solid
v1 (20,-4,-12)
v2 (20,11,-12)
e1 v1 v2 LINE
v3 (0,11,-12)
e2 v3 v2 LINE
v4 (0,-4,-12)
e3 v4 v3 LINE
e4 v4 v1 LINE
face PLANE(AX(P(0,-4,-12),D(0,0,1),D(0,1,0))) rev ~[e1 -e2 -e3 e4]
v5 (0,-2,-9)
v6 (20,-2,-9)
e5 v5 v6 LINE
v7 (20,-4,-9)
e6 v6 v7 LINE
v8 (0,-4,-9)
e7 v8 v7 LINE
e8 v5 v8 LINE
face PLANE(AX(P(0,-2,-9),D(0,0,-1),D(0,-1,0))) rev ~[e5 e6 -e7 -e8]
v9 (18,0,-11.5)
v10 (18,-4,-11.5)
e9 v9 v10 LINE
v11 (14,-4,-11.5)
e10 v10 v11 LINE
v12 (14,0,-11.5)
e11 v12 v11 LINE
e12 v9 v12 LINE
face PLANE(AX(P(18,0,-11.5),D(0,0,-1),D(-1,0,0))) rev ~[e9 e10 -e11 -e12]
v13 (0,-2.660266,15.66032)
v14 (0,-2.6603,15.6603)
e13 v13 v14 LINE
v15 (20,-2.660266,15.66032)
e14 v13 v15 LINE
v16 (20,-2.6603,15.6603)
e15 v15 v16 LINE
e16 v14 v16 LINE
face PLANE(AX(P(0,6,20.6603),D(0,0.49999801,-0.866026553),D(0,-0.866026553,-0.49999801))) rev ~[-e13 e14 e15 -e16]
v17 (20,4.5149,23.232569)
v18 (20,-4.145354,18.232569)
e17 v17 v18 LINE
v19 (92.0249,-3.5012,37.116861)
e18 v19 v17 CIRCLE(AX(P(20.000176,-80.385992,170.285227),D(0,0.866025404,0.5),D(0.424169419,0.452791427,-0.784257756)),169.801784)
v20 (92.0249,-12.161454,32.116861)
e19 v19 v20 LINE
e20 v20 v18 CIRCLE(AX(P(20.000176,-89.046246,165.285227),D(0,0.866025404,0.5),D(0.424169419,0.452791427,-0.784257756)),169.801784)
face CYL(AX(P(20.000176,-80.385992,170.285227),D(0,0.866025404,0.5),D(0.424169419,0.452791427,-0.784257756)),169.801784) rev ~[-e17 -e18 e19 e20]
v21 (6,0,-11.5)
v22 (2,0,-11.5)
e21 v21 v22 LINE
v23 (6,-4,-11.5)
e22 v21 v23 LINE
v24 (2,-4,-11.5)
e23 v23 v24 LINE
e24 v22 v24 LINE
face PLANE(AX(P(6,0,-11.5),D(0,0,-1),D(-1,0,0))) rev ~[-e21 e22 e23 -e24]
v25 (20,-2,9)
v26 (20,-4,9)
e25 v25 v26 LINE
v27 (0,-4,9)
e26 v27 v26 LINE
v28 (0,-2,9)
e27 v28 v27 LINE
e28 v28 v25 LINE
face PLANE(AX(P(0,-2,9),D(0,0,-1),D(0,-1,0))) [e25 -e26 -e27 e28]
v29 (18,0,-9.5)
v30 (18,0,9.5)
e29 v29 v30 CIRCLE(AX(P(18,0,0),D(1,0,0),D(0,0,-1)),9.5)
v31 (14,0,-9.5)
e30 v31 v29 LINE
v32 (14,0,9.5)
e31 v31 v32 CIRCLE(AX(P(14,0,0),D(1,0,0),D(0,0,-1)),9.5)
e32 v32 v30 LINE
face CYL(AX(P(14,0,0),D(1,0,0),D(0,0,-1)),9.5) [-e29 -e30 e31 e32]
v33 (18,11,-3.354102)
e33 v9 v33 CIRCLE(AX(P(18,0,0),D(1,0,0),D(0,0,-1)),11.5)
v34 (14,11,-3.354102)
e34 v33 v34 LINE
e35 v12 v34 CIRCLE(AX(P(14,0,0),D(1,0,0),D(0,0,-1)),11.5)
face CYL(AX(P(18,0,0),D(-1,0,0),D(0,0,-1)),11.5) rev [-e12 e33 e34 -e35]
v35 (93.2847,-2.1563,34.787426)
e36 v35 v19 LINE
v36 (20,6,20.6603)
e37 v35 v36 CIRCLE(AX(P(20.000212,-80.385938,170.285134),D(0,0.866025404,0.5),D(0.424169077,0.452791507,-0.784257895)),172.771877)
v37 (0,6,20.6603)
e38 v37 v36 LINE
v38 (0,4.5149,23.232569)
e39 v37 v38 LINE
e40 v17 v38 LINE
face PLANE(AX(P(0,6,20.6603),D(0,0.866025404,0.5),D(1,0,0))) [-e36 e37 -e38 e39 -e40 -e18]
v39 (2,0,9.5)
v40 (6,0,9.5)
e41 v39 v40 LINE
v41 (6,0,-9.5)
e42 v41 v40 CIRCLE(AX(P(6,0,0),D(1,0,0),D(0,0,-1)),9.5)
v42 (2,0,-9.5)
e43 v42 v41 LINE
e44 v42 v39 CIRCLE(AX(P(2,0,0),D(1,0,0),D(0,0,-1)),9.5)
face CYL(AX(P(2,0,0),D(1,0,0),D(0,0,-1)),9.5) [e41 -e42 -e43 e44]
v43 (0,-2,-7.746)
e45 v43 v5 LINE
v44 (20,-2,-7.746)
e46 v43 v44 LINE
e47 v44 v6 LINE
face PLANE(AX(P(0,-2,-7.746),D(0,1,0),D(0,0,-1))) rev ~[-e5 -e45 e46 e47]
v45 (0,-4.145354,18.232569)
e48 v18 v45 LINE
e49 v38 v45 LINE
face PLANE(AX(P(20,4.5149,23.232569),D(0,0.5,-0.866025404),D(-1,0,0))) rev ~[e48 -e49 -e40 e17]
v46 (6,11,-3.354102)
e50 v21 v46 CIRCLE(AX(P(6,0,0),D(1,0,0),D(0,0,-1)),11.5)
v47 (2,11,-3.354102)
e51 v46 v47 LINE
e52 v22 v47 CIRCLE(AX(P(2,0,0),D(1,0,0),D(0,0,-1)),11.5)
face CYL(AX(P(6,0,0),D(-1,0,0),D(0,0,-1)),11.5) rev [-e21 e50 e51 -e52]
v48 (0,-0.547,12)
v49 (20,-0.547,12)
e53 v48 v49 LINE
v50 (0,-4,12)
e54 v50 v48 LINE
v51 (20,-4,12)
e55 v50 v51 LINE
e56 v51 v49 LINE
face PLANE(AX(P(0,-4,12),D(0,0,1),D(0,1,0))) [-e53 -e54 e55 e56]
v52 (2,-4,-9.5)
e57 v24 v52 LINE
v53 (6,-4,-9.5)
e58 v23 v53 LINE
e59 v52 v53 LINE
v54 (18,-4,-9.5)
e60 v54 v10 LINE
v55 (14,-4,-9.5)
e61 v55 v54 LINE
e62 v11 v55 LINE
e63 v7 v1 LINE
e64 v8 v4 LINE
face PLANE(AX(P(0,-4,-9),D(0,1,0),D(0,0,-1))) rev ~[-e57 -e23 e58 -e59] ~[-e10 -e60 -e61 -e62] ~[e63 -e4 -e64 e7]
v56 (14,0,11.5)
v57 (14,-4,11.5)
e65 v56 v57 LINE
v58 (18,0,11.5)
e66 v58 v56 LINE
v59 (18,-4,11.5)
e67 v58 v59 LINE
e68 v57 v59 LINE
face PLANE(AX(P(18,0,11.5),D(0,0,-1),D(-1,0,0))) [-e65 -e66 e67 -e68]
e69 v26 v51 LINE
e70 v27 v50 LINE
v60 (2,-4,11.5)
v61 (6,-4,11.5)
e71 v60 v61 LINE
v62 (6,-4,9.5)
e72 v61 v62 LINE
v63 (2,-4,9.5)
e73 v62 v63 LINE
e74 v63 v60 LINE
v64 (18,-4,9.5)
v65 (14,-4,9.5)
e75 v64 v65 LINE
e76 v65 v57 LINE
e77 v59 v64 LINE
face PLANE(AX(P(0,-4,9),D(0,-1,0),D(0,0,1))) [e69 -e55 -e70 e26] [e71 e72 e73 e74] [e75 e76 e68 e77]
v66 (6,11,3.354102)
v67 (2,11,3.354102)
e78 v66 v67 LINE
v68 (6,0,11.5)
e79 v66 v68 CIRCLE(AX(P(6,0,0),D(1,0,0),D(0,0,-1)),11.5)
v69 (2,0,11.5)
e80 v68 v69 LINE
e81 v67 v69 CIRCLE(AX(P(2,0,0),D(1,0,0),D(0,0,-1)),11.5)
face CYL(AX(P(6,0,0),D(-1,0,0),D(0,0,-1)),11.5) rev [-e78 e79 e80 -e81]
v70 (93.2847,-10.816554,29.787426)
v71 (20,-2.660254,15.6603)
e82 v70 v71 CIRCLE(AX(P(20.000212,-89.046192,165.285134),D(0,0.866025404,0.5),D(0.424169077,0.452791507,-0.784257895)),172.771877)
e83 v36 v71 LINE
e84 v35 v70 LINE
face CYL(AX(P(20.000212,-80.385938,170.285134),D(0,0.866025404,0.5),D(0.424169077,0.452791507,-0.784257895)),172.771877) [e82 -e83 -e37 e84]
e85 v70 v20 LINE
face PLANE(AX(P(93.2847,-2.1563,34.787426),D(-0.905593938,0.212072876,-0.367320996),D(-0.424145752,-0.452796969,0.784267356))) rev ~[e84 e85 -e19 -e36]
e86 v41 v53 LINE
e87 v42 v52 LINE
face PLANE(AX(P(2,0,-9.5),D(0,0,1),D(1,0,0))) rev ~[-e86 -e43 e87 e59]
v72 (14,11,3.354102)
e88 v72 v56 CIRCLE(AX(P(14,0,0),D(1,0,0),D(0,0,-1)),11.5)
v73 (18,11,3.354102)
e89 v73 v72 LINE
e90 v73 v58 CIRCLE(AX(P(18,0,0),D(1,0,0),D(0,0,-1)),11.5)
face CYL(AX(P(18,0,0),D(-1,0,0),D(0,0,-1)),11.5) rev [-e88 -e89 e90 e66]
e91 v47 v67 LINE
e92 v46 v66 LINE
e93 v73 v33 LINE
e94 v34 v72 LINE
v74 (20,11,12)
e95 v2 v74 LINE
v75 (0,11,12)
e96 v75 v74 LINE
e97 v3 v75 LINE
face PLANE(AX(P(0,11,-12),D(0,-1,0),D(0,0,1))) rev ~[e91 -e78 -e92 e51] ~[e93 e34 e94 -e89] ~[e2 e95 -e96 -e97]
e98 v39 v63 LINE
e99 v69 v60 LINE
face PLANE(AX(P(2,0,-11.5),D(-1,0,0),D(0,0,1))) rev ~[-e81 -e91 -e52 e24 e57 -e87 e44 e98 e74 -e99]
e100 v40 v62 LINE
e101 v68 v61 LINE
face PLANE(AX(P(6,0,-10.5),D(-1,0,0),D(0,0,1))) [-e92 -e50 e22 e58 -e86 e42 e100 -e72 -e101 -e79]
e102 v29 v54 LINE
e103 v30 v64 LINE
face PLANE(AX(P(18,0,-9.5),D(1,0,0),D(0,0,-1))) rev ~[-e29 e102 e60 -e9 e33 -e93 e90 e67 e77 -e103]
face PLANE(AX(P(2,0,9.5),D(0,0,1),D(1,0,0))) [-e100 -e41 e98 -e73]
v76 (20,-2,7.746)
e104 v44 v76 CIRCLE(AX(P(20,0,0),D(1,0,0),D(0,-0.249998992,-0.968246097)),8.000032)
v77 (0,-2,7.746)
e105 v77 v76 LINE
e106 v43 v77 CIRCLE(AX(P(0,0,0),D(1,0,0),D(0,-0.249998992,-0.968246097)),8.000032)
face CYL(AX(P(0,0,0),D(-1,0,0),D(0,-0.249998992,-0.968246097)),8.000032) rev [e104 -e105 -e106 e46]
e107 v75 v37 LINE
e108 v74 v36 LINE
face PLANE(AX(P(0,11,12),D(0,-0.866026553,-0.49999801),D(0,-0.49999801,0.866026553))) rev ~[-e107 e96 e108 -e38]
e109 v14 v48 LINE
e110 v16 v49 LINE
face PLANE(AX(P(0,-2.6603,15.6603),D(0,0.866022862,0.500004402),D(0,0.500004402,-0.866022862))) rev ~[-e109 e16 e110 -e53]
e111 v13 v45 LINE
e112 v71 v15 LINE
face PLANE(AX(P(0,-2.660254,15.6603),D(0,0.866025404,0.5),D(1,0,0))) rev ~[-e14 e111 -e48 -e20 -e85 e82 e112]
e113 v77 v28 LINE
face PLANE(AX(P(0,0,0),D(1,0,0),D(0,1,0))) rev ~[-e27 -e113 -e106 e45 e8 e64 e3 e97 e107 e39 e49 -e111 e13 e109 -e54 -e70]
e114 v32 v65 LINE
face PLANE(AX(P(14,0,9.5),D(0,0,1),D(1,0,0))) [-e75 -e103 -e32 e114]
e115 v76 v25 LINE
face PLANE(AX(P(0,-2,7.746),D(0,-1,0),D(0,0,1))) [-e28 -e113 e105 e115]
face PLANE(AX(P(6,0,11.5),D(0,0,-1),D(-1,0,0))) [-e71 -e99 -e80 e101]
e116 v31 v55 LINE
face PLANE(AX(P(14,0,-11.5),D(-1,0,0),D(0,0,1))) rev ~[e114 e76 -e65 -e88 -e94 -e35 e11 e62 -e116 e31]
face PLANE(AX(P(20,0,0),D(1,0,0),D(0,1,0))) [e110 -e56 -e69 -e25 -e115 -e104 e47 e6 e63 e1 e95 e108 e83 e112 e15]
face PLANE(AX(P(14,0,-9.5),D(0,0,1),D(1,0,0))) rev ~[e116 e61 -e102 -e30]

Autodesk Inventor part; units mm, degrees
ref_plane "YZ Plane" through (0, 0, 0) normal (1, 0, 0) x (0, 1, 0)
ref_plane "XZ Plane" through (0, 0, 0) normal (0, 1, 0) x (-1, 0, 0)
ref_plane "XY Plane" through (0, 0, 0) normal (0, 0, 1) x (1, 0, 0)
sketch "Sketch1" plane through (0, 0, 0) normal (1, 0, 0) x (0, 1, 0)
  arc A0 (-2, -7.746) -> (-2, 7.746) centre (0, 0) ccw
  line L0 (0, 0) -> (-2, 0)
  line L1 (-2, 7.746) -> (-2, 9)
  line L2 (-2, 9) -> (-4, 9)
  line L3 (-4, 9) -> (-4, 12)
  line L4 (-4, 12) -> (11, 12)
  line L5 (-2, 0) -> (-2, -9)
  line L6 (-2, -9) -> (-4, -9)
  line L7 (-4, -9) -> (-4, -12)
  line L8 (-4, -12) -> (11, -12)
  line L9 (11, -12) -> (11, 12)
  line L10 (11, 12) -> (6, 20.6603)
  line L11 (11, 12) -> (21, 12) construction
  line L12 (6, 20.6603) -> (-2.6603, 15.6603)
  line L13 (-2.6603, 15.6603) -> (-0.547, 12)
  dimension "d0" = 16
  dimension "d1" = 2
  dimension "d2" = 9
  dimension "d3" = 2
  dimension "d4" = 3
  dimension "d5" = 15
  dimension "d6" = 9
  dimension "d7" = 3
  dimension "d8" = 10
  dimension "d9" = 120
  dimension "d10" = 10
extrude "Extrusion1" add sketch "Sketch1" along normal blind 20
ref_plane "Work Plane1" through (20, 8, 0) normal (0, 0, -1) x (-1, 0, 0)
ref_plane "Work Plane2" through (0, 0, 12) normal (0, 1, 0) x (1, 0, 0)
sketch "Sketch3" plane through (0, 0, 12) normal (0, 1, 0) x (1, 0, 0)
  line L0 (0, 21) -> (20, 21) projected
  line L1 (10, 21) -> (10, 22.5)
  line L2 (10, 22.5) -> (14, 22.5)
  line L3 (14, 22.5) -> (14, 21.5)
  line L4 (14, 21.5) -> (18, 21.5)
  line L5 (18, 21.5) -> (18, 23.5)
  line L6 (18, 23.5) -> (14, 23.5)
  line L7 (14, 23.5) -> (14, 22.5)
  line L8 (10, 22.5) -> (6, 22.5)
  line L9 (6, 22.5) -> (6, 23.5)
  line L10 (6, 23.5) -> (2, 23.5)
  line L11 (2, 23.5) -> (2, 21.5)
  line L12 (2, 21.5) -> (6, 21.5)
  line L13 (6, 22.5) -> (6, 21.5)
  line L14 (0, 3) -> (20, 3) projected
  line L15 (20, 21) -> (20, 3)
  line L16 (20, 20) -> (20, 4) projected
  line L17 (20, 12) -> (6.2446, 12)
  line L18 (0, 3) -> (20, 3)
  line L19 (10, 3) -> (10, 1.5)
  line L20 (10, 1.5) -> (14, 1.5)
  line L21 (14, 1.5) -> (14, 2.5)
  line L22 (14, 2.5) -> (18, 2.5)
  line L23 (18, 2.5) -> (18, 0.5)
  line L24 (18, 0.5) -> (14, 0.5)
  line L25 (14, 0.5) -> (14, 1.5)
  line L26 (10, 1.5) -> (6, 1.5)
  line L27 (6, 1.5) -> (6, 0.5)
  line L28 (6, 0.5) -> (2, 0.5)
  line L29 (2, 0.5) -> (2, 2.5)
  line L30 (2, 2.5) -> (6, 2.5)
  line L31 (6, 1.5) -> (6, 2.5)
  point P0 (0, 12)
  point P1 (20, 4.254)
  point P2 (20, 19.746)
  dimension "d25" = 1.5
  dimension "d26" = 4
  dimension "d27" = 1
  dimension "d28" = 4
  dimension "d29" = 2
  dimension "d30" = 4
  dimension "d31" = 1
  dimension "d32" = 4
  dimension "d33" = 2
revolve "Revolution1" cut sketch "Sketch3" angle 180 about axis through (20, 0, 0) along (1, 0, 0) contours L13 L12 L11 L10 L9 | L7 L6 L5 L4 L3
extrude "Extrusion3" cut sketch "Sketch3" against normal blind 20
sketch "Sketch5" plane through (0, 6, 20.6603) normal (0, 0.866, 0.5) x (1, 0, 0)
  line L0 (0, 10) -> (0, 0) projected
  line L1 (0, 0) -> (20, 0) projected
  line L2 (0, 0) -> (20, 0)
  arc A0 (93.2847, -16.3126) -> (20, 0) centre (20, -172.7725) ccw
  arc A1 (92.0249, -19.0024) -> (20, -2.9702) centre (20, -172.7725) ccw
  line L3 (20, -2.9702) -> (0, -2.9702)
  line L4 (0, 0) -> (0, -2.9702)
  line L5 (93.2847, -16.3126) -> (92.0249, -19.0024)
  point P0 (0, 14.8923)
extrude "Extrusion4" add sketch "Sketch5" against normal up to surface (10 mm away)
equation "\"BendRadius\" = Thickness"
equation "\"BendReliefWidth\" = Thickness"
equation "\"BendReliefDepth\" = 0.5 * Thickness"
equation "\"CornerReliefSize\" = 4 * Thickness"
equation "\"MinimumRemnant\" = 2 * Thickness"
equation "\"TransitionRadius\" = BendRadius"
equation "\"JacobiRadiusSize\" = BendRadius"
equation "\"GapSize\" = Thickness"
equation "\"Thickness\" = 0.5"
properties part number "abrazadera_leds"
